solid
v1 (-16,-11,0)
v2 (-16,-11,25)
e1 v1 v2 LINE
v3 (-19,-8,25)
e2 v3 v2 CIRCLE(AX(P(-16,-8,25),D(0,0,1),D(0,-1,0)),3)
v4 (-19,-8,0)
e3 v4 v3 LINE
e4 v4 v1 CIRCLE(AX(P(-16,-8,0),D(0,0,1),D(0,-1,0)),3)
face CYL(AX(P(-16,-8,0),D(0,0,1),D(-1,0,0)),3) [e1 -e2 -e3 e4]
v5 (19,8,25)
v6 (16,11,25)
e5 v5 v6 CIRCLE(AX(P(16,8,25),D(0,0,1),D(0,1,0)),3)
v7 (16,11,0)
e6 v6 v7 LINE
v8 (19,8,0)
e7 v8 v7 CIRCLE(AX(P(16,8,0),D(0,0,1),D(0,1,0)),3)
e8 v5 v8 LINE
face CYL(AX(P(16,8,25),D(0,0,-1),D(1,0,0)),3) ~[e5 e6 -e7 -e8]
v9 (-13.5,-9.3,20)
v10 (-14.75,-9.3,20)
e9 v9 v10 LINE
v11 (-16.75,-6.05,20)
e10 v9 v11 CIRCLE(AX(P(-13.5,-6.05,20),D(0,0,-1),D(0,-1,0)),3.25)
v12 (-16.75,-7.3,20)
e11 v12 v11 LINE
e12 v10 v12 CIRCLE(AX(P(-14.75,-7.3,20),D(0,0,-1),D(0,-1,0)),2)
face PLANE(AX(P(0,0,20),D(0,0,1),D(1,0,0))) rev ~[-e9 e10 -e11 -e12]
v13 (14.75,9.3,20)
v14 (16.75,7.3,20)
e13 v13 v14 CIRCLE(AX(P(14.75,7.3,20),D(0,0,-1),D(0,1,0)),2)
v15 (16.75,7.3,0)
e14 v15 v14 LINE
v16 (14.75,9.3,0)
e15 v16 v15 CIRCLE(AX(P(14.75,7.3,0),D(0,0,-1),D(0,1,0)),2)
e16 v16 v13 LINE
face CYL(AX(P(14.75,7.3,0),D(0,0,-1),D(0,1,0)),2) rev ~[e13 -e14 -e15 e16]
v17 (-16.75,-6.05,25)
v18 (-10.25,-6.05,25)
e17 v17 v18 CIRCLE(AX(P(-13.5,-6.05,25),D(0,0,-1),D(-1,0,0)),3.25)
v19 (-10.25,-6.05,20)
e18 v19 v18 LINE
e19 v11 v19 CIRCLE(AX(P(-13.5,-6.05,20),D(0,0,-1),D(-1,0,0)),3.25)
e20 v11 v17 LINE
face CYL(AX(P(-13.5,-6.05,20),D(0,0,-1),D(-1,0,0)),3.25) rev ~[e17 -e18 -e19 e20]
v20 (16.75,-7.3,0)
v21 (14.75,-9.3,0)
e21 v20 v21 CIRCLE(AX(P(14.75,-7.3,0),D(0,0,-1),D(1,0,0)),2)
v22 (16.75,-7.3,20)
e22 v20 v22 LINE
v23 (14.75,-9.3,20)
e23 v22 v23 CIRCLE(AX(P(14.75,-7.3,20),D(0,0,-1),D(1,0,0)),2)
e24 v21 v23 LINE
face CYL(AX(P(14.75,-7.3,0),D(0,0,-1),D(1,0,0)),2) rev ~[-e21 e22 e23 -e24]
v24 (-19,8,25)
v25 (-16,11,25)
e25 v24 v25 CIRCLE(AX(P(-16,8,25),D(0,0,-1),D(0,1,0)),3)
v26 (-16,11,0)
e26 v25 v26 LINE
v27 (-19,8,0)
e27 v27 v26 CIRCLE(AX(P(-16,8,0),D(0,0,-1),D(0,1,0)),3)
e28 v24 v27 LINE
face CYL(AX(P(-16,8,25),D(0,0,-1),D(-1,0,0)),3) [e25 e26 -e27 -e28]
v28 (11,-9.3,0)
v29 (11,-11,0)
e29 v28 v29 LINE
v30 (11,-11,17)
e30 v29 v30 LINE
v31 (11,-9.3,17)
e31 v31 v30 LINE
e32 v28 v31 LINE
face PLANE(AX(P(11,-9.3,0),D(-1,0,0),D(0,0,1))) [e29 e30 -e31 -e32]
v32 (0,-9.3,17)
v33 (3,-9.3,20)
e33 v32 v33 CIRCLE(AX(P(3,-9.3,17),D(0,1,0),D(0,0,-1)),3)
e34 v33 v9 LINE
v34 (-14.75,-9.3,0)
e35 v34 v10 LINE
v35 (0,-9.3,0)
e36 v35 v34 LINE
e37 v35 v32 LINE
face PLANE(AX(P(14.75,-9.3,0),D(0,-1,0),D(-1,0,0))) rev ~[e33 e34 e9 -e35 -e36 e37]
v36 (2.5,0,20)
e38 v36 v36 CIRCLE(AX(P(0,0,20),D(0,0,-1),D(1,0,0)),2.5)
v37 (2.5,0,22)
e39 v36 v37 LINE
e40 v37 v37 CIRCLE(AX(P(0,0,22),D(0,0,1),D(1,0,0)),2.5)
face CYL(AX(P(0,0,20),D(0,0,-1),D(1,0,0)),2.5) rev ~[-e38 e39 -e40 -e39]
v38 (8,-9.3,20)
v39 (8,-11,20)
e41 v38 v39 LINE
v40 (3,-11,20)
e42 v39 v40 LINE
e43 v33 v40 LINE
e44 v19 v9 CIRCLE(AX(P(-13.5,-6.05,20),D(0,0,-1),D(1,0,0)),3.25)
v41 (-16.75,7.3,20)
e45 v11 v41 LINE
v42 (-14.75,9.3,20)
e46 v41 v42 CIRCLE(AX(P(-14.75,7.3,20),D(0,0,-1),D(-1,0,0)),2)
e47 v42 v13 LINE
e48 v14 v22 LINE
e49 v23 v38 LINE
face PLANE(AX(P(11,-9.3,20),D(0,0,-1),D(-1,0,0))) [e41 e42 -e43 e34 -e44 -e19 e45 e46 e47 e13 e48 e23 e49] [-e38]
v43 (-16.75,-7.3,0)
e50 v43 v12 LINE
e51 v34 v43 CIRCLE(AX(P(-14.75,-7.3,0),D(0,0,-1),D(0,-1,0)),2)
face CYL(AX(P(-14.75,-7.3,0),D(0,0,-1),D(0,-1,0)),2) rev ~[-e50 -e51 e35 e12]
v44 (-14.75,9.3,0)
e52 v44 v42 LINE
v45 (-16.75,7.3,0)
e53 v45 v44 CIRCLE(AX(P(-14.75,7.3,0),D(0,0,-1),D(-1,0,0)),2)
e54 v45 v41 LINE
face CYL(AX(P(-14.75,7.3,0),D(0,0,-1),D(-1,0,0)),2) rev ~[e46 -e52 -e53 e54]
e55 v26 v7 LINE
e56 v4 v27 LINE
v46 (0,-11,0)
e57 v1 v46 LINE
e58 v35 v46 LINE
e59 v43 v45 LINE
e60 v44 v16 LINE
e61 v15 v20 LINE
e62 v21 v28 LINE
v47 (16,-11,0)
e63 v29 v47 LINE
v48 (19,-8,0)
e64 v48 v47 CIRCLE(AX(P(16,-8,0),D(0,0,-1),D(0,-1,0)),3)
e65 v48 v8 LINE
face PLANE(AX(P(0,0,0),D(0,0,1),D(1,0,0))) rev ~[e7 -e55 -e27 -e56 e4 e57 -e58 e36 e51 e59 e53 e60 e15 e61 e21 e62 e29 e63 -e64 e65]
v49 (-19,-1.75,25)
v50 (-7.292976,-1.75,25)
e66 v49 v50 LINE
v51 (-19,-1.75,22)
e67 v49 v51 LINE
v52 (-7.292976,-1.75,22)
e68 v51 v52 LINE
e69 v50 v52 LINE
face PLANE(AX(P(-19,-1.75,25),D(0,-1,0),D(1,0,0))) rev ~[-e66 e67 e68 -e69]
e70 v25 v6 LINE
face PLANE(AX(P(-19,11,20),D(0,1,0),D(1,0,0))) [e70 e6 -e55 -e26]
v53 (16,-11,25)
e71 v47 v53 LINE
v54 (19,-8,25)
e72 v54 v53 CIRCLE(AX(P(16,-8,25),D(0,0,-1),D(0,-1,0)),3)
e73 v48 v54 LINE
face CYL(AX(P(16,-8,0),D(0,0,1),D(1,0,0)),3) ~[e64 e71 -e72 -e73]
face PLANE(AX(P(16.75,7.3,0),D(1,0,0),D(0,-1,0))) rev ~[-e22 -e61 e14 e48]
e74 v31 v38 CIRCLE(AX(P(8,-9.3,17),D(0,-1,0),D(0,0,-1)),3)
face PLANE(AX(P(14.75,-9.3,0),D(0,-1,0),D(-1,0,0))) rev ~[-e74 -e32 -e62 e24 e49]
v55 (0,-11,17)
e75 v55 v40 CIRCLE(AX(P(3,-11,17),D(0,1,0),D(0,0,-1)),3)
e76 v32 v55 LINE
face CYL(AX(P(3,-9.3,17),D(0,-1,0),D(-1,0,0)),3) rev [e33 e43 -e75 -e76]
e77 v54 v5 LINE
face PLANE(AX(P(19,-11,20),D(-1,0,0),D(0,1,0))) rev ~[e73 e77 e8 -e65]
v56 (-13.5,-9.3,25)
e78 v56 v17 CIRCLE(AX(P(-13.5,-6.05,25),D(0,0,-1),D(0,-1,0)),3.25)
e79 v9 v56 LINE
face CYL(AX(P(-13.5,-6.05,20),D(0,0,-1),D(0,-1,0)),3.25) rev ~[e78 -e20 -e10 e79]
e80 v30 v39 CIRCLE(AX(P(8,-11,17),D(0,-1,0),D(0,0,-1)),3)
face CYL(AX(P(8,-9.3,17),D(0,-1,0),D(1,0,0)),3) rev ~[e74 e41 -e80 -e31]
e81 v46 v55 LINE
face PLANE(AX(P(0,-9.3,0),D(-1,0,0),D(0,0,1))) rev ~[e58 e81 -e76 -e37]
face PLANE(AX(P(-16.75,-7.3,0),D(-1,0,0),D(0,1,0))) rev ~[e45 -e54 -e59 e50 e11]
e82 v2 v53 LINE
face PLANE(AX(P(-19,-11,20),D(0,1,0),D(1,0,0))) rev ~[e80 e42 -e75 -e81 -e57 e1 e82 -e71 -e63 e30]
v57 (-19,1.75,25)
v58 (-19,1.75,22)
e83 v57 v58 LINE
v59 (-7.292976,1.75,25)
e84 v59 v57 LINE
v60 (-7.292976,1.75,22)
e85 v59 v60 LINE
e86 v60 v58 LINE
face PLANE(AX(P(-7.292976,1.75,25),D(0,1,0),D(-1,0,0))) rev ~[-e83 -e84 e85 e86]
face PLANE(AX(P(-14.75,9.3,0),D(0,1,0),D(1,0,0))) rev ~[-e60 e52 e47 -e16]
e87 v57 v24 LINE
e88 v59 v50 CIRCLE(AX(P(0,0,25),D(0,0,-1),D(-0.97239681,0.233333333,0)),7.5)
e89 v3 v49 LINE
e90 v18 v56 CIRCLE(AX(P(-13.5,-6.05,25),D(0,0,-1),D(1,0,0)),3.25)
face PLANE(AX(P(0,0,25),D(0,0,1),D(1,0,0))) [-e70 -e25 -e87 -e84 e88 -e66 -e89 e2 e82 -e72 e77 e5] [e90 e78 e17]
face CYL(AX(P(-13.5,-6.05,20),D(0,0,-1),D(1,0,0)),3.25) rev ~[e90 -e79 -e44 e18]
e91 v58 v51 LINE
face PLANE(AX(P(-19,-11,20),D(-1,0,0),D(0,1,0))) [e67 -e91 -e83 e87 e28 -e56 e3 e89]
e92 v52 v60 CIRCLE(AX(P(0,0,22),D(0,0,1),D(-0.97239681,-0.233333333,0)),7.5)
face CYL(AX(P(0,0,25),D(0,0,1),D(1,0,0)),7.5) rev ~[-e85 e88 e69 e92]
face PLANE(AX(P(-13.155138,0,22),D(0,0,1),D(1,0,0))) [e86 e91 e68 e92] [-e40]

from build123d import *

# Parameters (mm, degrees)
F0_W      = 38
F0_H      = 22
F1_DEPTH  = 20
F2_W      = 38
F2_H      = 22
F3_DEPTH  = 5
F4_R      = 2.5
F5_DEPTH  = 5
F6_R      = 7.5
F6_R_2    = 2.5
F7_DEPTH  = 3
F8_W      = 11
F8_H      = 20
F9_DEPTH  = 1.7
F11_DEPTH = 3
F12_R     = 3
F13_R     = 3


with BuildPart() as f1:
    # F0 (on Top) → F1 (new body)
    with BuildSketch(Plane.XY):
        Rectangle(F0_W, F0_H)
        with BuildLine():
            ThreePointArc((-16.75, 7.3), (-16.1642135624, 8.7142135624), (-14.75, 9.3))
            Line((-14.75, 9.3), (14.75, 9.3))
            ThreePointArc((14.75, 9.3), (16.1642135624, 8.7142135624), (16.75, 7.3))
            Line((16.75, 7.3), (16.75, -7.3))
            ThreePointArc((16.75, -7.3), (16.1642135624, -8.7142135624), (14.75, -9.3))
            Line((14.75, -9.3), (-14.75, -9.3))
            ThreePointArc((-14.75, -9.3), (-16.1642135624, -8.7142135624), (-16.75, -7.3))
            Line((-16.75, -7.3), (-16.75, 7.3))
        make_face(mode=Mode.SUBTRACT)
    extrude(amount=F1_DEPTH)

    # F2 (on face) → F3 (join)
    with BuildSketch(Plane.XY.offset(20)):
        Rectangle(F2_W, F2_H)
    extrude(amount=F3_DEPTH)

    # F4 (on face) → F5 (cut, through all)
    with BuildSketch(Plane(origin=(0, 0, 20), x_dir=(1, 0, 0), z_dir=(0, 0, -1))):
        with BuildLine():
            ThreePointArc((-16.75, 6.05), (-13.5, 2.8), (-10.25, 6.05))
            ThreePointArc((-10.25, 6.05), (-11.2019029611, 8.3480970389), (-13.5, 9.3))
            ThreePointArc((-13.5, 9.3), (-15.7980970389, 8.3480970389), (-16.75, 6.05))
        make_face()
        Circle(F4_R)
    extrude(amount=-F5_DEPTH, mode=Mode.SUBTRACT)

    # F6 (on face) → F7 (cut)
    with BuildSketch(Plane.XY.offset(25)):
        Circle(F6_R)
        Circle(F6_R_2, mode=Mode.SUBTRACT)
    extrude(amount=-F7_DEPTH, mode=Mode.SUBTRACT)

    # F8 (on face) → F9 (cut, through all)
    with BuildSketch(Plane(origin=(0, -9.3, 0), x_dir=(-1, 0, 0), z_dir=(0, 1, 0))):
        with Locations((-5.5, 10)):
            Rectangle(F8_W, F8_H)
    extrude(amount=-F9_DEPTH, mode=Mode.SUBTRACT)

    # F10 (on face) → F11 (cut, through all)
    with BuildSketch(Plane.XY.offset(25)):
        with BuildLine():
            Line((-7.2929760729, 1.75), (-19, 1.75))
            Line((-19, 1.75), (-19, -1.75))
            Line((-19, -1.75), (-7.2929760729, -1.75))
            ThreePointArc((-7.2929760729, -1.75), (-7.5, 0), (-7.2929760729, 1.75))
        make_face()
    extrude(amount=-F11_DEPTH, mode=Mode.SUBTRACT)

    # F12
    f12_edges = [f1.edges().sort_by_distance(p)[0] for p in [
        (-19, -11, 12.5),
        (19, -11, 12.5),
        (19, 11, 12.5),
        (-19, 11, 12.5),
    ]]
    fillet(f12_edges, radius=F12_R)

    # F13
    f13_edges = [f1.edges().sort_by_distance(p)[0] for p in [
        (0, -10.15, 20),
        (11, -10.15, 20),
    ]]
    fillet(f13_edges, radius=F13_R)


solid = f1.part
